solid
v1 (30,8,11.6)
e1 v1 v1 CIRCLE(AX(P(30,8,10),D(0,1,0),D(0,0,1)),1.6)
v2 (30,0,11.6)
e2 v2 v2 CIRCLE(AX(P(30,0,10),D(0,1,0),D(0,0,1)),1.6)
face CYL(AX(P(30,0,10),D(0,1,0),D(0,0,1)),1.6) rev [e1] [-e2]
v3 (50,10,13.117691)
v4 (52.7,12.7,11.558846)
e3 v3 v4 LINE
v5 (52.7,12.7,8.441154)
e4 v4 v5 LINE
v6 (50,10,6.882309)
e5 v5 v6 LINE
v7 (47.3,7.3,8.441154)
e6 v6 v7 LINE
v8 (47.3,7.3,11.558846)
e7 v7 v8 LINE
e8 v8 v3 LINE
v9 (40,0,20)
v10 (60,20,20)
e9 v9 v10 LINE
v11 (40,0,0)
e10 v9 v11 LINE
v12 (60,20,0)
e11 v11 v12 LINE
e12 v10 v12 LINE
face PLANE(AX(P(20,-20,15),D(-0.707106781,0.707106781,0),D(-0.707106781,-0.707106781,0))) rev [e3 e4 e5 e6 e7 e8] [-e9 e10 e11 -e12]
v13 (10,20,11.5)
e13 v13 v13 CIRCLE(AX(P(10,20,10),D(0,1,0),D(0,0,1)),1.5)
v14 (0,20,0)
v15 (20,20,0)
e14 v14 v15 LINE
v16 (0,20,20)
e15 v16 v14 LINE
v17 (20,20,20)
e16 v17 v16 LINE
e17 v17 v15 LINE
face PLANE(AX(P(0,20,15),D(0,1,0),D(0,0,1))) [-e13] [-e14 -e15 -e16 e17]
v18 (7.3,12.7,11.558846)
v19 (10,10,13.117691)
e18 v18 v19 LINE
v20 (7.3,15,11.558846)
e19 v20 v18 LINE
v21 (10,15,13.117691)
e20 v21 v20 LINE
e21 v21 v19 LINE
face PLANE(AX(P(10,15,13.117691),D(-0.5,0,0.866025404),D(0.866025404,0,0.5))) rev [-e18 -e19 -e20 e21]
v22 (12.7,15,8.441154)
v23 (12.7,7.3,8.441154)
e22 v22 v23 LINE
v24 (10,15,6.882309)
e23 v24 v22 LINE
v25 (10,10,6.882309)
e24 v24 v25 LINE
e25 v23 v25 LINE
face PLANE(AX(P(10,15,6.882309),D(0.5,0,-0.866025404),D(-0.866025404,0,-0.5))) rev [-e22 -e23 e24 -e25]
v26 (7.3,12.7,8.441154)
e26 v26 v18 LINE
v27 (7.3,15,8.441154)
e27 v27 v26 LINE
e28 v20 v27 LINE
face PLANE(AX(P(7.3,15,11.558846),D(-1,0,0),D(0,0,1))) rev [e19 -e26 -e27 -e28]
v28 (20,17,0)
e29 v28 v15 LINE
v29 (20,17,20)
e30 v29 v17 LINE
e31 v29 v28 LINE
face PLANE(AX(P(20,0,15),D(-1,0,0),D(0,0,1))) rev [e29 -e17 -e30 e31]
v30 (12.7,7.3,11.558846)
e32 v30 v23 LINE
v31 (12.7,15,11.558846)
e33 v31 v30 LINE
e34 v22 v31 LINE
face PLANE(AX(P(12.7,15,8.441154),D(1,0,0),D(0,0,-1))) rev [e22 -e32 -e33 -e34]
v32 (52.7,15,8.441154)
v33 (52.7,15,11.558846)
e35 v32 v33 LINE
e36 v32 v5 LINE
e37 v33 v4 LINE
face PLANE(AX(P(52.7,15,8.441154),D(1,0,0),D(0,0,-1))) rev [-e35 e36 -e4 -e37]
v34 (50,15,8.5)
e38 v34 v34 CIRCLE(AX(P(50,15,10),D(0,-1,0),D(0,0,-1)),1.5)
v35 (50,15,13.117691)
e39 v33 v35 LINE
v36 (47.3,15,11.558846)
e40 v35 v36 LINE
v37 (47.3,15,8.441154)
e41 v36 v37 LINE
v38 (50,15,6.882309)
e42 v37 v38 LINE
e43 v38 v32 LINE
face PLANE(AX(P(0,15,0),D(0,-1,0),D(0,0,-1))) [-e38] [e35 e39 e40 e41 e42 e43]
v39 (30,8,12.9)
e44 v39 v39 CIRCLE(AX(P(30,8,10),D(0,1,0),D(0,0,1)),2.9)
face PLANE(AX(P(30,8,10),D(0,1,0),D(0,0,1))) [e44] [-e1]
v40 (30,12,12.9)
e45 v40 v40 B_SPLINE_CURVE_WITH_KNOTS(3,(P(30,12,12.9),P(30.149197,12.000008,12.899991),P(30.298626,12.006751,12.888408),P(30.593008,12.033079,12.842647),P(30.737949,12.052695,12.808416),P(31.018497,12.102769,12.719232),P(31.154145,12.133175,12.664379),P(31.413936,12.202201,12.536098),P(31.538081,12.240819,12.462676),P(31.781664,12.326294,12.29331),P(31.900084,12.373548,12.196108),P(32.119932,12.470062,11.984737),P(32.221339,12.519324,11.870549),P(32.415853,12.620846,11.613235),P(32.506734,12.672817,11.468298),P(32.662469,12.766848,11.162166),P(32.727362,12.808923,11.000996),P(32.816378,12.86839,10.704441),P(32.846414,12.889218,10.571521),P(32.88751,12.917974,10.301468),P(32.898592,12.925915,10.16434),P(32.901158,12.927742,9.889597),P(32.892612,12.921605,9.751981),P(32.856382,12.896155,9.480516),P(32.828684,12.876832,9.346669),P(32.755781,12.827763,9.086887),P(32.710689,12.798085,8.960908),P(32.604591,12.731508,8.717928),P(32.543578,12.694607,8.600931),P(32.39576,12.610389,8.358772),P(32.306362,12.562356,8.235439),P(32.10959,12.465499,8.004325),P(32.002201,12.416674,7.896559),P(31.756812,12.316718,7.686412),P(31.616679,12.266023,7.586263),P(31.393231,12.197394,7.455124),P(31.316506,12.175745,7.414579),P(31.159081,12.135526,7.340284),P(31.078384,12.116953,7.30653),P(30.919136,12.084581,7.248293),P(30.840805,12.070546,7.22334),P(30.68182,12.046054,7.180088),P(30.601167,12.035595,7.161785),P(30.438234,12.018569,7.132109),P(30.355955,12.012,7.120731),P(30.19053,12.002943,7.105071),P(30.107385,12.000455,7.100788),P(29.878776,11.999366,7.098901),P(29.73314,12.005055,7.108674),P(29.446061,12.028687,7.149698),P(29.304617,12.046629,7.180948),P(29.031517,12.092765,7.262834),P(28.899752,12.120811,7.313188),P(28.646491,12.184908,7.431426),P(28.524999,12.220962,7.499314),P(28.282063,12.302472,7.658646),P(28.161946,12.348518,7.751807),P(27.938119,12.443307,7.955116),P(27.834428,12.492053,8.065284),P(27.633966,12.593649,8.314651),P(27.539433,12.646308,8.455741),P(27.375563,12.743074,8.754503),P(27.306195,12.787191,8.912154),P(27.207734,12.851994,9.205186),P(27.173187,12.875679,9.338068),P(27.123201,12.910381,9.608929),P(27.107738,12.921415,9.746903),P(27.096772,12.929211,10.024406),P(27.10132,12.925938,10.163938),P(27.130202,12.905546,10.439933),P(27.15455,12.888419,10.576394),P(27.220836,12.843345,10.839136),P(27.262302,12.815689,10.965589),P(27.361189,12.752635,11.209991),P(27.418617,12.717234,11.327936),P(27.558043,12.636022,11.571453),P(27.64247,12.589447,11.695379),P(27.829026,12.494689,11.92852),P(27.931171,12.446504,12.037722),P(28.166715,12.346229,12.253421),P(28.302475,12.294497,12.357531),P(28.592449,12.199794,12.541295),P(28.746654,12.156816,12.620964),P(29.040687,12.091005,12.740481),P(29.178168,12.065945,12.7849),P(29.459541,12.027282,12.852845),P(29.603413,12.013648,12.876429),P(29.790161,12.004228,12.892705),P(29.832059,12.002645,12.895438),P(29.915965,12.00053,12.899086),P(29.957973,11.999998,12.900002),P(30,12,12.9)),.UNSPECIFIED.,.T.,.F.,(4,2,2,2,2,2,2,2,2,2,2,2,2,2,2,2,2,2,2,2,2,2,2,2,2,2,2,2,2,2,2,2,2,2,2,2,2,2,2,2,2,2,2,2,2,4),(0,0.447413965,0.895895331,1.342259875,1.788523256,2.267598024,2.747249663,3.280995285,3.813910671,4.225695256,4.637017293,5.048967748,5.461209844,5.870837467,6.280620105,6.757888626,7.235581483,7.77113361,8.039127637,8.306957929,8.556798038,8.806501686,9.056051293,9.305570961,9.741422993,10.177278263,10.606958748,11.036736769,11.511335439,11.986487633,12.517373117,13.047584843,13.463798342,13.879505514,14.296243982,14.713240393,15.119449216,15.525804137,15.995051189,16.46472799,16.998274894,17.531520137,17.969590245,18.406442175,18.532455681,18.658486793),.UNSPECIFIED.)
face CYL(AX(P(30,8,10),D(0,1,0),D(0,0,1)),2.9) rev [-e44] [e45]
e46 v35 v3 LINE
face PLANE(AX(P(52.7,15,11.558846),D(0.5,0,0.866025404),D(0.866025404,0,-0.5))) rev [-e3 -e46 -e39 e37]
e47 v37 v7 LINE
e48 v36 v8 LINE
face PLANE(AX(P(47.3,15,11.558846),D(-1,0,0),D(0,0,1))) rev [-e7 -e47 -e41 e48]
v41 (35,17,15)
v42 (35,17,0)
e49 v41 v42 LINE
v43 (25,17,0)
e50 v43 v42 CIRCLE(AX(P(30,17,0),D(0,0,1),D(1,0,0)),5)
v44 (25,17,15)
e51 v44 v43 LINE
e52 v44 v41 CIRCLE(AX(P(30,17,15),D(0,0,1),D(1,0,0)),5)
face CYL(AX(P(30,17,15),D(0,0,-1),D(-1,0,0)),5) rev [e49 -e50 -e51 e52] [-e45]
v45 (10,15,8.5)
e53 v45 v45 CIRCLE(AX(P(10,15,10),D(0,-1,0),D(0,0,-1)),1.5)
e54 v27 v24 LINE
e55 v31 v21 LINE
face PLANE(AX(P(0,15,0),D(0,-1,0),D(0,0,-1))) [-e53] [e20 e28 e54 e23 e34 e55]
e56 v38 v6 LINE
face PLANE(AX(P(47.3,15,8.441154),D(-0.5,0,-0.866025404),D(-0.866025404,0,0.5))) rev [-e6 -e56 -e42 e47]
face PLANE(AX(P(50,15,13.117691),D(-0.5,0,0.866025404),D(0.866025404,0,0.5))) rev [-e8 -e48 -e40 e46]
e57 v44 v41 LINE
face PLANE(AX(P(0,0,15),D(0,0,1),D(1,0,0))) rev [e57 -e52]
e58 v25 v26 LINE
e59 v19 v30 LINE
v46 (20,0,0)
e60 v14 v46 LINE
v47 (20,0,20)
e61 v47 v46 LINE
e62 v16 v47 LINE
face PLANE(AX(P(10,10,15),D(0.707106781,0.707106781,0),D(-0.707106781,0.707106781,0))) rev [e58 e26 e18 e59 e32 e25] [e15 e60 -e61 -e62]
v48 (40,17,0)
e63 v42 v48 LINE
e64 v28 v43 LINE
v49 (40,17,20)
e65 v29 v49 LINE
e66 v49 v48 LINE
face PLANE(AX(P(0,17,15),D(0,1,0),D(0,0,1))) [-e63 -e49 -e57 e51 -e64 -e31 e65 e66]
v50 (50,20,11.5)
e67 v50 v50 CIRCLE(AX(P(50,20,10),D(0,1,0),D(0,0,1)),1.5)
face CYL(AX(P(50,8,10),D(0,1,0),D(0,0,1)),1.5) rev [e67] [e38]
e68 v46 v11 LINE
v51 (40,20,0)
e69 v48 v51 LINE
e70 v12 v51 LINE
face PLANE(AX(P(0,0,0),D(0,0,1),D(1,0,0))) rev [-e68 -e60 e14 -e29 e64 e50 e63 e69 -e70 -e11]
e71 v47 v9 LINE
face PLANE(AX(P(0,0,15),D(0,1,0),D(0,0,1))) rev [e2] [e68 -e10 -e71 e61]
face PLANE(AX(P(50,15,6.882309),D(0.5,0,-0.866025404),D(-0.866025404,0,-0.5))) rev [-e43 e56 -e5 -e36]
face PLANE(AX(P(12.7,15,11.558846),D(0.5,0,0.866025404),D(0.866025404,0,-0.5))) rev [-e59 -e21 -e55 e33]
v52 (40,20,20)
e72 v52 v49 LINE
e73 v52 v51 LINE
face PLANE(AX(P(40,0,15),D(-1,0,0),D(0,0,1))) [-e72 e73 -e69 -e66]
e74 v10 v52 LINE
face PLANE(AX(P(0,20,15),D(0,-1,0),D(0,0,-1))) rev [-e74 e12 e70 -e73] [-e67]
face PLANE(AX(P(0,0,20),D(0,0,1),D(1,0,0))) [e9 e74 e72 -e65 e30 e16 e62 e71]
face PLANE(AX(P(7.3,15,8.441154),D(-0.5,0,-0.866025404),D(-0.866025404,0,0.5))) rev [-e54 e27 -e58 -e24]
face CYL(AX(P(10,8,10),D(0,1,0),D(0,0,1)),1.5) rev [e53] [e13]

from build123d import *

# Parameters (mm, degrees)
BOSS_EXTRU_1_DEPTH      = 15
BOSS_EXTRU_2_DEPTH      = 5
ENL_V_MAT_EXTRU_1_DEPTH = 20
ESQUISSE4_R             = 2.9
ESQUISSE4_R_2           = 1.6
ENL_V_MAT_EXTRU_2_DEPTH = 12
ENL_V_MAT_EXTRU_3_DEPTH = 12
ESQUISSE7_R             = 1.5
ENL_V_MAT_EXTRU_5_DEPTH = 15


with BuildPart() as part:
    # Esquisse1 → Boss.-Extru.1 (new body)
    with BuildSketch(Plane.XY):
        Polygon((0, 20), (20, 0), (20, 20), align=None)
        with BuildLine():
            Line((20, 17), (20, 0))
            Line((20, 0), (40, 0))
            Line((40, 0), (40, 17))
            Line((40, 17), (35, 17))
            ThreePointArc((35, 17), (30, 12), (25, 17))
            Line((25, 17), (20, 17))
        make_face()
        Polygon((40, 0), (40, 20), (60, 20), align=None)
    extrude(amount=BOSS_EXTRU_1_DEPTH)

    # Esquisse3 → Boss.-Extru.2 (add)
    with BuildSketch(Plane.XY.offset(15)):
        with BuildLine():
            Line((25, 17), (35, 17))
            ThreePointArc((35, 17), (30, 12), (25, 17))
        make_face()
        with BuildLine():
            Line((20, 20), (0, 20))
            Line((0, 20), (20, 0))
            Line((20, 0), (40, 0))
            Line((40, 0), (60, 20))
            Line((60, 20), (40, 20))
            Line((40, 20), (40, 17))
            Line((40, 17), (35, 17))
            ThreePointArc((35, 17), (30, 12), (25, 17))
            Line((25, 17), (20, 17))
            Line((20, 17), (20, 20))
        make_face()
    extrude(amount=BOSS_EXTRU_2_DEPTH)

    # Esquisse2 → Enlèv. mat.-Extru.1 (cut)
    with BuildSketch(Plane(origin=(0, 20, 0), x_dir=(1, 0, 0), z_dir=(0, 1, 0))):
        with BuildLine():
            ThreePointArc((31.6, -10), (31.13137085, -8.86862915), (30, -8.4))
            Line((30, -8.4), (30, -10))
            Line((30, -10), (31.6, -10))
        make_face()
        with BuildLine():
            Line((30, -10), (30, -8.4))
            ThreePointArc((30, -8.4), (28.86862915, -11.13137085), (31.6, -10))
            Line((31.6, -10), (30, -10))
        make_face()
    extrude(amount=-ENL_V_MAT_EXTRU_1_DEPTH, mode=Mode.SUBTRACT)

    # Esquisse4 → Enlèv. mat.-Extru.2 (cut)
    with BuildSketch(Plane(origin=(0, 20, 0), x_dir=(1, 0, 0), z_dir=(0, 1, 0))):
        with Locations((30, -10)):
            Circle(ESQUISSE4_R)
        with Locations((30, -10)):
            Circle(ESQUISSE4_R_2, mode=Mode.SUBTRACT)
    extrude(amount=-ENL_V_MAT_EXTRU_2_DEPTH, mode=Mode.SUBTRACT)

    # Esquisse5 → Enlèv. mat.-Extru.3 (cut)
    with BuildSketch(Plane(origin=(0, 20, 0), x_dir=(1, 0, 0), z_dir=(0, 1, 0))):
        with BuildLine():
            ThreePointArc((51.5, -10), (51.385819299, -9.425974851), (51.060660172, -8.939339828))
            Line((51.060660172, -8.939339828), (50, -10))
            Line((50, -10), (51.060660172, -11.060660172))
            ThreePointArc((51.060660172, -11.060660172), (51.385819299, -10.574025149), (51.5, -10))
        make_face()
        with BuildLine():
            Line((50, -10), (51.060660172, -8.939339828))
            ThreePointArc((51.060660172, -8.939339828), (50, -8.5), (48.939339828, -8.939339828))
            Line((48.939339828, -8.939339828), (50, -10))
        make_face()
        with BuildLine():
            Line((50, -10), (48.939339828, -8.939339828))
            ThreePointArc((48.939339828, -8.939339828), (48.5, -10), (48.939339828, -11.060660172))
            Line((48.939339828, -11.060660172), (50, -10))
        make_face()
        with BuildLine():
            ThreePointArc((48.939339828, -11.060660172), (50, -11.5), (51.060660172, -11.060660172))
            Line((51.060660172, -11.060660172), (50, -10))
            Line((50, -10), (48.939339828, -11.060660172))
        make_face()
        with BuildLine():
            ThreePointArc((11.5, -10), (11.385819299, -9.425974851), (11.060660172, -8.939339828))
            Line((11.060660172, -8.939339828), (10, -10))
            Line((10, -10), (11.060660172, -11.060660172))
            ThreePointArc((11.060660172, -11.060660172), (11.385819299, -10.574025149), (11.5, -10))
        make_face()
        with BuildLine():
            Line((10, -10), (11.060660172, -8.939339828))
            ThreePointArc((11.060660172, -8.939339828), (10, -8.5), (8.939339828, -8.939339828))
            Line((8.939339828, -8.939339828), (10, -10))
        make_face()
        with BuildLine():
            Line((10, -10), (8.939339828, -8.939339828))
            ThreePointArc((8.939339828, -8.939339828), (8.5, -10), (8.939339828, -11.060660172))
            Line((8.939339828, -11.060660172), (10, -10))
        make_face()
        with BuildLine():
            ThreePointArc((8.939339828, -11.060660172), (10, -11.5), (11.060660172, -11.060660172))
            Line((11.060660172, -11.060660172), (10, -10))
            Line((10, -10), (8.939339828, -11.060660172))
        make_face()
    extrude(amount=-ENL_V_MAT_EXTRU_3_DEPTH, mode=Mode.SUBTRACT)

    # Esquisse7 → Enlèv. mat.-Extru.5 (cut)
    with BuildSketch(Plane.XZ):
        Polygon((10, 6.882308546), (12.7, 8.441154273), (12.7, 11.558845727), (10, 13.117691454), (7.3, 11.558845727), (7.3, 8.441154273), align=None)
        with Locations((10, 10)):
            Circle(ESQUISSE7_R, mode=Mode.SUBTRACT)
        Polygon((50, 6.882308546), (52.7, 8.441154273), (52.7, 11.558845727), (50, 13.117691454), (47.3, 11.558845727), (47.3, 8.441154273), align=None)
        with Locations((50, 10)):
            Circle(ESQUISSE7_R, mode=Mode.SUBTRACT)
    extrude(amount=-ENL_V_MAT_EXTRU_5_DEPTH, mode=Mode.SUBTRACT)


solid = part.part
